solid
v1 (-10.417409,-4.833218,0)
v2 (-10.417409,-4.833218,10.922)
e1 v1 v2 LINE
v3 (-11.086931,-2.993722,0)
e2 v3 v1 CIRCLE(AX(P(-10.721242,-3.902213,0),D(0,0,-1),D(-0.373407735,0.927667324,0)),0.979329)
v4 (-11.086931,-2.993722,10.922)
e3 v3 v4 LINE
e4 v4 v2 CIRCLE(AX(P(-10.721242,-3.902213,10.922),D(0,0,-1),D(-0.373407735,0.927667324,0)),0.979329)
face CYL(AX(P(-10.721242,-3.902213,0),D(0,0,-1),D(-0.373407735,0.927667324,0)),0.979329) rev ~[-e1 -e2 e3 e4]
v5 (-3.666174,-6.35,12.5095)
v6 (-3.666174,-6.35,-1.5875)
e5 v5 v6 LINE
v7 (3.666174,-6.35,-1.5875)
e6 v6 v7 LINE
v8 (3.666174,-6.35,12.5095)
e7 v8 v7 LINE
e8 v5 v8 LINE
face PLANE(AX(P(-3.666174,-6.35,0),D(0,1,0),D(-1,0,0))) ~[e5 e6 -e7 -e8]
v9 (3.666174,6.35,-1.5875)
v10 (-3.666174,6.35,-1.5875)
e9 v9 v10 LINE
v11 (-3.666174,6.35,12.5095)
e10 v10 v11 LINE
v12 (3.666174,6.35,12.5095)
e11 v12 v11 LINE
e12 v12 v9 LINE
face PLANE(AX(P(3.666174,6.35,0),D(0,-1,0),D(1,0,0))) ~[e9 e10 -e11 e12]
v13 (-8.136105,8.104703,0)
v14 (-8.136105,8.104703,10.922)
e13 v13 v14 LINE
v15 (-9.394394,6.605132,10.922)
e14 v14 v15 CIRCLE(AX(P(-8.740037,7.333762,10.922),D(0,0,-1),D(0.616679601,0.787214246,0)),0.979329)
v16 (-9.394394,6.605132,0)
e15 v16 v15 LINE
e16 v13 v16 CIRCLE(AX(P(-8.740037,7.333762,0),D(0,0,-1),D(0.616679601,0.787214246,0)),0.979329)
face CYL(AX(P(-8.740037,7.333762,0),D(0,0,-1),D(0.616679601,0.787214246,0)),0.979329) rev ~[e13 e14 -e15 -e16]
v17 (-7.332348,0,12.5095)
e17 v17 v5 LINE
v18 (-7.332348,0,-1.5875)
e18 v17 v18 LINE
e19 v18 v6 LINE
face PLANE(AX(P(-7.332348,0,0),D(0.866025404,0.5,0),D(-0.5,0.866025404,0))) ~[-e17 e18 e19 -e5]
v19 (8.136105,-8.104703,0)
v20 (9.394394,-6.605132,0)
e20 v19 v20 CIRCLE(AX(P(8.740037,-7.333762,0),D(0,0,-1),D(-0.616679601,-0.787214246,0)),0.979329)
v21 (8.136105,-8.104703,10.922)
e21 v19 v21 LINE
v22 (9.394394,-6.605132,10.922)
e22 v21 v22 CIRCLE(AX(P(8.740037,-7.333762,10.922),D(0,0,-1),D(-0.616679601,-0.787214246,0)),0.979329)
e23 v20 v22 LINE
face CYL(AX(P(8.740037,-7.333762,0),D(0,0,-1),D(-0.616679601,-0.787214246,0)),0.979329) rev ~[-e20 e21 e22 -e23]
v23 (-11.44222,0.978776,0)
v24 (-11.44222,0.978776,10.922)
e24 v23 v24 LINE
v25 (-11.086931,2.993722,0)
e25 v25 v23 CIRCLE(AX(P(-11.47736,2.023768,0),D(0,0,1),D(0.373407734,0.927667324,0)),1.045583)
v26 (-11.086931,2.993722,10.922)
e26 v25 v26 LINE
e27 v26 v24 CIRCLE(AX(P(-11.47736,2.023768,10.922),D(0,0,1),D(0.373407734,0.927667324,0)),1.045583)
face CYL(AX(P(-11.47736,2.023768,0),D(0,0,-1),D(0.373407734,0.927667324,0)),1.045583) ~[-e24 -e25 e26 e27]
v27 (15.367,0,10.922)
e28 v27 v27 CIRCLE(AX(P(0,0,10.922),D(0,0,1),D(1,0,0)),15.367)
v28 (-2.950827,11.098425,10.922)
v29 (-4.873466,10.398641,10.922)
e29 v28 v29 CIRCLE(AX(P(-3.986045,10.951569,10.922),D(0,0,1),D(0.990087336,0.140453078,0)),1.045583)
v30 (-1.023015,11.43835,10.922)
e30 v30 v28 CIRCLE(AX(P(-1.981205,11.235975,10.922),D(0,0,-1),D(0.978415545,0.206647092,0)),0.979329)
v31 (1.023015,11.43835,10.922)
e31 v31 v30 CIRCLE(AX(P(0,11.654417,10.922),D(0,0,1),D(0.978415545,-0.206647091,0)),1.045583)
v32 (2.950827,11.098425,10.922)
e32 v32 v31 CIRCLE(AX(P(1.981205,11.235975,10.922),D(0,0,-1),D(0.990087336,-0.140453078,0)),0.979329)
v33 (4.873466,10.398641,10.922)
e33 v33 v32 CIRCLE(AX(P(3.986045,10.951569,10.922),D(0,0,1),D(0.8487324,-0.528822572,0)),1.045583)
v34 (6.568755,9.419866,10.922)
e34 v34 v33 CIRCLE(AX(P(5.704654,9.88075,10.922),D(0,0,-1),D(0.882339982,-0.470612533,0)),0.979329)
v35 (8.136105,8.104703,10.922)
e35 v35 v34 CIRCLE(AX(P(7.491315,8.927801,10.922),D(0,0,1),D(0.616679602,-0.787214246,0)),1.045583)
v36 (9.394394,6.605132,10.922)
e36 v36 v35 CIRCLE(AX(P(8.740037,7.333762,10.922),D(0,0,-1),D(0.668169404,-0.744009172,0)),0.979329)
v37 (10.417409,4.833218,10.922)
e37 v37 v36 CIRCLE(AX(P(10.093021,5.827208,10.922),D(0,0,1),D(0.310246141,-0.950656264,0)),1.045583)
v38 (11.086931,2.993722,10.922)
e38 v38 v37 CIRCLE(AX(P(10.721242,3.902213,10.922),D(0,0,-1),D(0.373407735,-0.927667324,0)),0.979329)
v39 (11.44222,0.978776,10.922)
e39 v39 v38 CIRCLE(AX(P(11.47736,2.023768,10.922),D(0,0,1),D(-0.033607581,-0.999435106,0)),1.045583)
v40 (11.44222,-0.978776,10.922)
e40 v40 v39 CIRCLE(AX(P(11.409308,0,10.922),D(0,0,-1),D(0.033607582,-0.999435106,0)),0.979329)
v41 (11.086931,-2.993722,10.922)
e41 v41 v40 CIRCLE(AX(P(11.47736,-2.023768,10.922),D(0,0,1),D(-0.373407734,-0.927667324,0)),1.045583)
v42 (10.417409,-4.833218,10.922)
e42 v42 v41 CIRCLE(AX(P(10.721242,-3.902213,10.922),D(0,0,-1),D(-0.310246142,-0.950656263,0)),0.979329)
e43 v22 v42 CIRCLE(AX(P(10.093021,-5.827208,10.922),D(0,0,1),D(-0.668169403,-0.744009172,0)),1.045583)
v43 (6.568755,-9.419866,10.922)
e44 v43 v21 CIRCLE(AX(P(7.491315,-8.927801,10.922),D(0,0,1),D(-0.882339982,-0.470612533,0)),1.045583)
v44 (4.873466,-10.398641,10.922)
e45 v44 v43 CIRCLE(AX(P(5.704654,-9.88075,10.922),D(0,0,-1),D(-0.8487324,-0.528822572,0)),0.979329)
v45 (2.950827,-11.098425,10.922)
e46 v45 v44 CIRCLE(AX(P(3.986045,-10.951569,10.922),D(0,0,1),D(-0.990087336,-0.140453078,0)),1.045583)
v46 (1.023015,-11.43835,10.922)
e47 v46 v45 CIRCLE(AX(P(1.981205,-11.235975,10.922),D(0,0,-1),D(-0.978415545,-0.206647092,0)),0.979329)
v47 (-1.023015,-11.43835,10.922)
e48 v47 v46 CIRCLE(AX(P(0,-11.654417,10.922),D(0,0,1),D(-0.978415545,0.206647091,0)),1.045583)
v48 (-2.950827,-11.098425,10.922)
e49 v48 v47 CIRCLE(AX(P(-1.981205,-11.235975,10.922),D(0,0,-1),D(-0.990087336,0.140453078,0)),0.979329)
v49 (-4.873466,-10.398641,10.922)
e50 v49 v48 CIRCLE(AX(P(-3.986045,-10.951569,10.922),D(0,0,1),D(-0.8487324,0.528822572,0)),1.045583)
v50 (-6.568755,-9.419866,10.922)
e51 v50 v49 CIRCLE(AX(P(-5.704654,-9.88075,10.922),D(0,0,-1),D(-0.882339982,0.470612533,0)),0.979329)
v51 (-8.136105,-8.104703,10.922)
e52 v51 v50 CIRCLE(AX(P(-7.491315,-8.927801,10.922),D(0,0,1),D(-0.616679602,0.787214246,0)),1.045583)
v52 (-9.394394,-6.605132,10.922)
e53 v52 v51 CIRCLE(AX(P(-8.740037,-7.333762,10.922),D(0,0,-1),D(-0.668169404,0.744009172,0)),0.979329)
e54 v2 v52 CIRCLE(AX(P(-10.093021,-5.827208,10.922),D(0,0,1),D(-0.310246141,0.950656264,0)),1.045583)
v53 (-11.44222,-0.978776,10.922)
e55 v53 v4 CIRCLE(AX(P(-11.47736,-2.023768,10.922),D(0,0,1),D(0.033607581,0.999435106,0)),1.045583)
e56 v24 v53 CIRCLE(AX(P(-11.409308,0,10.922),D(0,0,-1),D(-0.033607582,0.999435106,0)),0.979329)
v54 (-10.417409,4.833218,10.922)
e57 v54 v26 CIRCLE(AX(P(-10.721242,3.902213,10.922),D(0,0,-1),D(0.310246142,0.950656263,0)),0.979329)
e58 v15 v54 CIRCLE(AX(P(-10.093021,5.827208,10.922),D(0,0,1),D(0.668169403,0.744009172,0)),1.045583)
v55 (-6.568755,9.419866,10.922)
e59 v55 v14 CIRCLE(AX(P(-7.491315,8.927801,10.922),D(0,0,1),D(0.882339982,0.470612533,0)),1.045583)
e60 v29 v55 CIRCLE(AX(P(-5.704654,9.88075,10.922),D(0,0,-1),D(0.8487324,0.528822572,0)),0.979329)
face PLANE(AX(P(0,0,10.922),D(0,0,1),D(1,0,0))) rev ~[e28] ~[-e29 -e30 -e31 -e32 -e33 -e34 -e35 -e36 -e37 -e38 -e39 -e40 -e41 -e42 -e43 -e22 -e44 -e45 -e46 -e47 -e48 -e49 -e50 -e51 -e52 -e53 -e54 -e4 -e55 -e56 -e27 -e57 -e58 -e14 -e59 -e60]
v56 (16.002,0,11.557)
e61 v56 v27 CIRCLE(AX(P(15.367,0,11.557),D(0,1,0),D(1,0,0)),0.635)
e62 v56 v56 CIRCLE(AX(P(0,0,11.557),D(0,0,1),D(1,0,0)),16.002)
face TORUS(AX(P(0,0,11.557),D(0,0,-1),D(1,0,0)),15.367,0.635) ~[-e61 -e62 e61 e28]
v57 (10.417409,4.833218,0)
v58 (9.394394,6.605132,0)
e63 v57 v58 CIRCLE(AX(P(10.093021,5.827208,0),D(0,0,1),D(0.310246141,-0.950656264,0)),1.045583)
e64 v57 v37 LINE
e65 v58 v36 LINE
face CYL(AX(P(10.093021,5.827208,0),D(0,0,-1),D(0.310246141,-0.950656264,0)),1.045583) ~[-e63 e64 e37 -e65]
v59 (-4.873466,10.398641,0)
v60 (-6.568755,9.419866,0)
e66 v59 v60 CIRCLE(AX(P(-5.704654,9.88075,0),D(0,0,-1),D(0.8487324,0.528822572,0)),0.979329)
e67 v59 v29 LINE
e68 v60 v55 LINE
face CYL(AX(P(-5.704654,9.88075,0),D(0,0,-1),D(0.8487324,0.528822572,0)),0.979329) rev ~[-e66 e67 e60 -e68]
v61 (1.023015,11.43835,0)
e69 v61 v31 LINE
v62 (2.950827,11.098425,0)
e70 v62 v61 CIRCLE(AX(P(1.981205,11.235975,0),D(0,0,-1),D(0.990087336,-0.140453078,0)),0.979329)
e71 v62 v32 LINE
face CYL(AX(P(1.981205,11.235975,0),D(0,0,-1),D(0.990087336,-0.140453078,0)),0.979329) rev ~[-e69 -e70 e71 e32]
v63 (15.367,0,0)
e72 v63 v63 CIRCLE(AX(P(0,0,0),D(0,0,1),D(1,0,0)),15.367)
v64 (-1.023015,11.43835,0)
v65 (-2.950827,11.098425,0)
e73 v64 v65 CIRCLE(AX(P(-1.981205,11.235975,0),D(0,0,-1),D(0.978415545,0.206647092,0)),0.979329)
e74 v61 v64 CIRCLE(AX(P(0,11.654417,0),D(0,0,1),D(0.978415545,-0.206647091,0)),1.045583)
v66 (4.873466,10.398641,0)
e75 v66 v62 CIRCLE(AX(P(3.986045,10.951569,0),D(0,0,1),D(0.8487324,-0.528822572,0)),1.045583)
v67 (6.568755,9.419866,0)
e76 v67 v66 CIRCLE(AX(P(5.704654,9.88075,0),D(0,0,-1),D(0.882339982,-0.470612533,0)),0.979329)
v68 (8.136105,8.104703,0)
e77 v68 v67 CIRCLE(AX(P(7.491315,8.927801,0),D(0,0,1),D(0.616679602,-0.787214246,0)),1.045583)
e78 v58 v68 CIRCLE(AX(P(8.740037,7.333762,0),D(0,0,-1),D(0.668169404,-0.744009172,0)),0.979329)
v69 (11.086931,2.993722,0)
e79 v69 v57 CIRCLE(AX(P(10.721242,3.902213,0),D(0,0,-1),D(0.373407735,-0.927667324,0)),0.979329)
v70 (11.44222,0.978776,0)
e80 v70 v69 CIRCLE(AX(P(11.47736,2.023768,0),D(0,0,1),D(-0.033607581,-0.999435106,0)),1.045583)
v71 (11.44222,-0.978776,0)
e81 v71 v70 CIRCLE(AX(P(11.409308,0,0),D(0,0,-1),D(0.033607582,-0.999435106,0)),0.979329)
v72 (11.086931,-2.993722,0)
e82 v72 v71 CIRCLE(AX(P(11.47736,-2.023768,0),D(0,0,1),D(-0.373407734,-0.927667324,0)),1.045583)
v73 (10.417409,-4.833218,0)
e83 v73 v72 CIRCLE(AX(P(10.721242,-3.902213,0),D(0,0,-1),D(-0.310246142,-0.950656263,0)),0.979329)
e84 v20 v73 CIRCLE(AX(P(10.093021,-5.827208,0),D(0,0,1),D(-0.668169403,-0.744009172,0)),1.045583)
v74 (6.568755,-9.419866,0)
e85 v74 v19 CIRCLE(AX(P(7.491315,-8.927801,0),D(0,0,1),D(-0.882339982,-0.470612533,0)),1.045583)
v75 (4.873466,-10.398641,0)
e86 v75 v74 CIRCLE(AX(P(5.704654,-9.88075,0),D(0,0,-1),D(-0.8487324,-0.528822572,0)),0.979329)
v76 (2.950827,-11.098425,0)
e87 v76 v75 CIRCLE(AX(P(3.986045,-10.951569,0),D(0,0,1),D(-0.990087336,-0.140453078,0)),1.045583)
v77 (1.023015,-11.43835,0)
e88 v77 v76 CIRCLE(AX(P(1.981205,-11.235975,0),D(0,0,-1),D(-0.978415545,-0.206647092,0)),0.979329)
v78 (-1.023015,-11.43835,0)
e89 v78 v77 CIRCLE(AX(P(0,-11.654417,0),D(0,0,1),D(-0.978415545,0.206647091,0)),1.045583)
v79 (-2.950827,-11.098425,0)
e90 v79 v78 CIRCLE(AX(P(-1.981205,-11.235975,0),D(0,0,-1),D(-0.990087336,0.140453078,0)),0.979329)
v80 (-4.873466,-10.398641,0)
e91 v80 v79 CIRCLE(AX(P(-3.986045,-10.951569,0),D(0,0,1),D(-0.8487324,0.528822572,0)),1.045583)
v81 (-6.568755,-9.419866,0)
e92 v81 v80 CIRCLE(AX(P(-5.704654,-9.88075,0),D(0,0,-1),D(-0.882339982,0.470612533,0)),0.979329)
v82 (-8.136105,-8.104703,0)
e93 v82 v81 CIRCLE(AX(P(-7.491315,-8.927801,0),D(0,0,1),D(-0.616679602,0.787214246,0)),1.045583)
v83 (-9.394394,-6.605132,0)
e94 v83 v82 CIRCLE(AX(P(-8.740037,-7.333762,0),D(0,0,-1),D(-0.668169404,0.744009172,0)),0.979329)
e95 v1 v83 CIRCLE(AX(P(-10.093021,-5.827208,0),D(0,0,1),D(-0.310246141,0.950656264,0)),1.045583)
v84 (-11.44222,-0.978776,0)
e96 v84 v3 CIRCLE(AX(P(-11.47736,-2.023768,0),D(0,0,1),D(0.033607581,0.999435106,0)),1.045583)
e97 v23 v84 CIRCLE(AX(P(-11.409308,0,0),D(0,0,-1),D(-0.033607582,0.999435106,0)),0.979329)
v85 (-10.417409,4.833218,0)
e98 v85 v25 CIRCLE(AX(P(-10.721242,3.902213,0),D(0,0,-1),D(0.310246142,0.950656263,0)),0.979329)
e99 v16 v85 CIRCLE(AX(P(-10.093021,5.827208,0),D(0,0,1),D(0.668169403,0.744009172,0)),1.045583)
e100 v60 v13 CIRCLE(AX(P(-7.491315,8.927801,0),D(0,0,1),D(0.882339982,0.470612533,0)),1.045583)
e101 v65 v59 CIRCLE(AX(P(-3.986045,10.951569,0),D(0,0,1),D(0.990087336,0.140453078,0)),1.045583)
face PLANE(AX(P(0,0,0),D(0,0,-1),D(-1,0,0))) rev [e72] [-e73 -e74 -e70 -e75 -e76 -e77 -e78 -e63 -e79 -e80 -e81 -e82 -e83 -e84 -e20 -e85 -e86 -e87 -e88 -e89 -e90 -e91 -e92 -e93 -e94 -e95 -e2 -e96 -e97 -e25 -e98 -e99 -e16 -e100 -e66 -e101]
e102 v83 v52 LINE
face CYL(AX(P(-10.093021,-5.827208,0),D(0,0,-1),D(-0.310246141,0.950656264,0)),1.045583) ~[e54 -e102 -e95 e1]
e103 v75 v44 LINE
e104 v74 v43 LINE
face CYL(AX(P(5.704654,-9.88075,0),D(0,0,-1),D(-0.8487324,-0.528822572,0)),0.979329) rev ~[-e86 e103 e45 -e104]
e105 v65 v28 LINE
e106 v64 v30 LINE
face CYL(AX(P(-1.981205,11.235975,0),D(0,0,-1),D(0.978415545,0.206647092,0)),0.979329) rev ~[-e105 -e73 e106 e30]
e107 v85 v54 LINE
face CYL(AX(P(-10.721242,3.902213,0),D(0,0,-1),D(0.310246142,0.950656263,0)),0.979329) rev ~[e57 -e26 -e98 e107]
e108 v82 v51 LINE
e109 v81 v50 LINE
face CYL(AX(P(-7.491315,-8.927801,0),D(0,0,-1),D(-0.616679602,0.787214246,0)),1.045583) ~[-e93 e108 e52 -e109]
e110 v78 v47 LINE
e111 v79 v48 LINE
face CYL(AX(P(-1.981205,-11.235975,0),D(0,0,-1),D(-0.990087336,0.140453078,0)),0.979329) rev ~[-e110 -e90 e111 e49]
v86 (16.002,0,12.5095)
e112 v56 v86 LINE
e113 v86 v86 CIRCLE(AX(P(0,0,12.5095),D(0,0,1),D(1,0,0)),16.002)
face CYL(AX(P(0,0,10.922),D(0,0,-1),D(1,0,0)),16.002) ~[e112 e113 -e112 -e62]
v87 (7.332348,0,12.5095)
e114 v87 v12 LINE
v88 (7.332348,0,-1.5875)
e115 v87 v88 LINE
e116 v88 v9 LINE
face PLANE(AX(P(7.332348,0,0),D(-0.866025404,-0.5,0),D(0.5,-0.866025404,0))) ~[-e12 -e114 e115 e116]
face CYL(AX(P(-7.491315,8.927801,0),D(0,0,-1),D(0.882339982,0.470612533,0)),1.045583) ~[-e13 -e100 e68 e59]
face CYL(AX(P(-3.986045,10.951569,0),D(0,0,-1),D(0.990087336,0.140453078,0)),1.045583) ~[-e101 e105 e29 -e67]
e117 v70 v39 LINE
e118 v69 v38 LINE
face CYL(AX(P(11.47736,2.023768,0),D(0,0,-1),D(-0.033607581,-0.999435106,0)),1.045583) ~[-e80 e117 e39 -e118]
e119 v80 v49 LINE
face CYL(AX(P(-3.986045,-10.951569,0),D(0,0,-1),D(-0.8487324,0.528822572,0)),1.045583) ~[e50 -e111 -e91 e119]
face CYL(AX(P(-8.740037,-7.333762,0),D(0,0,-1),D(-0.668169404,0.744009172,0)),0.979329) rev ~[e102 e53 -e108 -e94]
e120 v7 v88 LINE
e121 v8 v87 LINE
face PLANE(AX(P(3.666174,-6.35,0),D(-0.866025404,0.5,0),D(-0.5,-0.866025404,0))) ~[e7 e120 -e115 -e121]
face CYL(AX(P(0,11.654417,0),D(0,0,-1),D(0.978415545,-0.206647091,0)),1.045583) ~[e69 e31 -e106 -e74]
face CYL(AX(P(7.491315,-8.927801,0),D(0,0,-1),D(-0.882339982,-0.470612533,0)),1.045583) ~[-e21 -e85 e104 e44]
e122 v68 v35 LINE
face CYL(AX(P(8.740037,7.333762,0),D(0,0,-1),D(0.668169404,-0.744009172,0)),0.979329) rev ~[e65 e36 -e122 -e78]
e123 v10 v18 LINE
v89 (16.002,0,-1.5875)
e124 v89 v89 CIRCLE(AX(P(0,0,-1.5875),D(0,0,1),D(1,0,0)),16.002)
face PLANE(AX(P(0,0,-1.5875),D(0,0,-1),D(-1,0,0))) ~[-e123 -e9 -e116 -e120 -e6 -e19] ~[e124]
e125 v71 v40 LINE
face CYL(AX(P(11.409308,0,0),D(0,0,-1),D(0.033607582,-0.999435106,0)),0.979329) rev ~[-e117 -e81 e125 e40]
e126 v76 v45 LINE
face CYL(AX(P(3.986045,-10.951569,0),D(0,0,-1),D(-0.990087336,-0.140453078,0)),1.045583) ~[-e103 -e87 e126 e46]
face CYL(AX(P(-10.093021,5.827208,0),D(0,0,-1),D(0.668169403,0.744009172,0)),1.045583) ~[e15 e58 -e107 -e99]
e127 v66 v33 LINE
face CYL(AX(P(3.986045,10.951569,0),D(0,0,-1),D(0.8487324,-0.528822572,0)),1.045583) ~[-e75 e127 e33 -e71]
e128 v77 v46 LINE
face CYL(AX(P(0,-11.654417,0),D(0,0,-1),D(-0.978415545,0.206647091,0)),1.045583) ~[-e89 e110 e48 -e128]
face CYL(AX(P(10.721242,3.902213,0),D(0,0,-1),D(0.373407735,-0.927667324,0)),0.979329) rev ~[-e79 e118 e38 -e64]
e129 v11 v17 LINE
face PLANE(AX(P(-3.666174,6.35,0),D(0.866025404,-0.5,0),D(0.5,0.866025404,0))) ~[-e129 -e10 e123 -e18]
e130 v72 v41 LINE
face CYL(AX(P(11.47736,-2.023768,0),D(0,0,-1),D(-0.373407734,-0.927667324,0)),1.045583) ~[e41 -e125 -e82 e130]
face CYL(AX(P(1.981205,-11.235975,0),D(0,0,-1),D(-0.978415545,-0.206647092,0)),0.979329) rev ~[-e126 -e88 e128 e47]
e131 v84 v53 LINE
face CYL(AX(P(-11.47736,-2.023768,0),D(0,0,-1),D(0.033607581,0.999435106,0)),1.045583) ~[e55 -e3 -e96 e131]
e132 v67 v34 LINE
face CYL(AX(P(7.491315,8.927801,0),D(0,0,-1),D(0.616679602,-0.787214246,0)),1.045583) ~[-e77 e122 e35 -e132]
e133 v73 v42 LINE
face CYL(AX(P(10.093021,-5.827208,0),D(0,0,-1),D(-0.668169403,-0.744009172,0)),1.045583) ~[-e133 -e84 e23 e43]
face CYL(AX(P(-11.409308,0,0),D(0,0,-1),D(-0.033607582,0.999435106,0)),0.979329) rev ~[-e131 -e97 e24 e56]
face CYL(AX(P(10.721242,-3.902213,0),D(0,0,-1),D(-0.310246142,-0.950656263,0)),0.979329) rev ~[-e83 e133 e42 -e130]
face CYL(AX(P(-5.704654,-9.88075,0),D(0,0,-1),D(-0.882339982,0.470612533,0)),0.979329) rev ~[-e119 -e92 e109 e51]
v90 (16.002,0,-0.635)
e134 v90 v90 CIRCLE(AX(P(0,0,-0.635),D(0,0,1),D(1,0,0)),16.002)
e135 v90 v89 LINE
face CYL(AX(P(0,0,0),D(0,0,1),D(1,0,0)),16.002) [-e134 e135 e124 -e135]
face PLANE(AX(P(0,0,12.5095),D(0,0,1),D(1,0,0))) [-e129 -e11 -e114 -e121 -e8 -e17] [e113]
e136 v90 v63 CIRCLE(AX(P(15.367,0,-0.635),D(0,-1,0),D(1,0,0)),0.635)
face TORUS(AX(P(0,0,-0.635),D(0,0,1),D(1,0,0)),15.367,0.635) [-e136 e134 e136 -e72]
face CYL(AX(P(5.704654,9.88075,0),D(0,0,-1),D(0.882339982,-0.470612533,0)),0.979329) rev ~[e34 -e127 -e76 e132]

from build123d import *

# Parameters (mm, degrees)
BOSS_EXTRUDE1_DEPTH  = 10.922
SKETCH2_R            = 16.002
BOSS_EXTRUDE2_DEPTH  = 1.5875
FILLET1_R            = 0.635
FILLET1_OF_MIRROR1_R = 0.635


with BuildPart() as part:
    # Sketch1 → Boss-Extrude1 (new body)
    with BuildSketch(Plane.XY):
        with BuildLine():
            ThreePointArc((1.023014865, 11.438350063), (0, 12.7), (-1.023014865, 11.438350063))
            ThreePointArc((-1.023014865, 11.438350063), (-1.811146799, 10.271523911), (-2.950826609, 11.098424839))
            ThreePointArc((-2.950826609, 11.098424839), (-4.34365582, 11.934096284), (-4.873465647, 10.398641458))
            ThreePointArc((-4.873465647, 10.398641458), (-5.214989362, 9.032626536), (-6.568754843, 9.419865784))
            ThreePointArc((-6.568754843, 9.419865784), (-8.163402643, 9.728764428), (-8.136104548, 8.104703225))
            ThreePointArc((-8.136104548, 8.104703225), (-7.989827243, 6.704261093), (-9.3943943, 6.605131893))
            ThreePointArc((-9.3943943, 6.605131893), (-10.998522628, 6.35), (-10.417409164, 4.83321817))
            ThreePointArc((-10.417409164, 4.83321817), (-9.800974042, 3.567262818), (-11.086931157, 2.993721614))
            ThreePointArc((-11.086931157, 2.993721614), (-12.507058463, 2.205331856), (-11.442220491, 0.978775674))
            ThreePointArc((-11.442220491, 0.978775674), (-10.429978724, 0), (-11.442220491, -0.978775674))
            ThreePointArc((-11.442220491, -0.978775674), (-12.507058463, -2.205331856), (-11.086931157, -2.993721614))
            ThreePointArc((-11.086931157, -2.993721614), (-9.800974042, -3.567262818), (-10.417409164, -4.83321817))
            ThreePointArc((-10.417409164, -4.83321817), (-10.998522628, -6.35), (-9.3943943, -6.605131893))
            ThreePointArc((-9.3943943, -6.605131893), (-7.989827243, -6.704261093), (-8.136104548, -8.104703225))
            ThreePointArc((-8.136104548, -8.104703225), (-8.163402643, -9.728764428), (-6.568754843, -9.419865784))
            ThreePointArc((-6.568754843, -9.419865784), (-5.214989362, -9.032626536), (-4.873465647, -10.398641458))
            ThreePointArc((-4.873465647, -10.398641458), (-4.34365582, -11.934096284), (-2.950826609, -11.098424839))
            ThreePointArc((-2.950826609, -11.098424839), (-1.811146799, -10.271523911), (-1.023014865, -11.438350063))
            ThreePointArc((-1.023014865, -11.438350063), (0, -12.7), (1.023014865, -11.438350063))
            ThreePointArc((1.023014865, -11.438350063), (1.811146799, -10.271523911), (2.950826609, -11.098424839))
            ThreePointArc((2.950826609, -11.098424839), (4.34365582, -11.934096284), (4.873465647, -10.398641458))
            ThreePointArc((4.873465647, -10.398641458), (5.214989362, -9.032626536), (6.568754843, -9.419865784))
            ThreePointArc((6.568754843, -9.419865784), (8.163402643, -9.728764428), (8.136104548, -8.104703225))
            ThreePointArc((8.136104548, -8.104703225), (7.989827243, -6.704261093), (9.3943943, -6.605131893))
            ThreePointArc((9.3943943, -6.605131893), (10.998522628, -6.35), (10.417409164, -4.83321817))
            ThreePointArc((10.417409164, -4.83321817), (9.800974042, -3.567262818), (11.086931157, -2.993721614))
            ThreePointArc((11.086931157, -2.993721614), (12.507058463, -2.205331856), (11.442220491, -0.978775674))
            ThreePointArc((11.442220491, -0.978775674), (10.429978724, 0), (11.442220491, 0.978775674))
            ThreePointArc((11.442220491, 0.978775674), (12.507058463, 2.205331856), (11.086931157, 2.993721614))
            ThreePointArc((11.086931157, 2.993721614), (9.800974042, 3.567262818), (10.417409164, 4.83321817))
            ThreePointArc((10.417409164, 4.83321817), (10.998522628, 6.35), (9.3943943, 6.605131893))
            ThreePointArc((9.3943943, 6.605131893), (7.989827243, 6.704261093), (8.136104548, 8.104703225))
            ThreePointArc((8.136104548, 8.104703225), (8.163402643, 9.728764428), (6.568754843, 9.419865784))
            ThreePointArc((6.568754843, 9.419865784), (5.214989362, 9.032626536), (4.873465647, 10.398641458))
            ThreePointArc((4.873465647, 10.398641458), (4.34365582, 11.934096284), (2.950826609, 11.098424839))
            ThreePointArc((2.950826609, 11.098424839), (1.811146799, 10.271523911), (1.023014865, 11.438350063))
        make_face()
        Polygon((7.332348419, 0), (3.666174209, 6.35), (-3.666174209, 6.35), (-7.332348419, 0), (-3.666174209, -6.35), (3.666174209, -6.35), align=None, mode=Mode.SUBTRACT)
    extrude(amount=BOSS_EXTRUDE1_DEPTH)

    # Sketch2 → Boss-Extrude2 (add)
    with BuildSketch(Plane.XY.offset(10.922)):
        Circle(SKETCH2_R)
        Polygon((-3.666174209, 6.35), (-7.332348419, 0), (-3.666174209, -6.35), (3.666174209, -6.35), (7.332348419, 0), (3.666174209, 6.35), align=None, mode=Mode.SUBTRACT)
    boss_extrude2 = extrude(amount=BOSS_EXTRUDE2_DEPTH)

    # Fillet1
    fillet1_edges = [part.edges().sort_by_distance(p)[0] for p in [
        (-16.002, 0, 10.922),
    ]]
    fillet(fillet1_edges, radius=FILLET1_R)

    # Mirror1: Boss-Extrude2 across plane
    add(boss_extrude2.mirror(Plane.XY.offset(5.461)))

    # Fillet1 of Mirror1
    fillet1_of_mirror1_edges = [part.edges().sort_by_distance(p)[0] for p in [
        (-16.002, 0, 0),
    ]]
    fillet(fillet1_of_mirror1_edges, radius=FILLET1_OF_MIRROR1_R)


solid = part.part
